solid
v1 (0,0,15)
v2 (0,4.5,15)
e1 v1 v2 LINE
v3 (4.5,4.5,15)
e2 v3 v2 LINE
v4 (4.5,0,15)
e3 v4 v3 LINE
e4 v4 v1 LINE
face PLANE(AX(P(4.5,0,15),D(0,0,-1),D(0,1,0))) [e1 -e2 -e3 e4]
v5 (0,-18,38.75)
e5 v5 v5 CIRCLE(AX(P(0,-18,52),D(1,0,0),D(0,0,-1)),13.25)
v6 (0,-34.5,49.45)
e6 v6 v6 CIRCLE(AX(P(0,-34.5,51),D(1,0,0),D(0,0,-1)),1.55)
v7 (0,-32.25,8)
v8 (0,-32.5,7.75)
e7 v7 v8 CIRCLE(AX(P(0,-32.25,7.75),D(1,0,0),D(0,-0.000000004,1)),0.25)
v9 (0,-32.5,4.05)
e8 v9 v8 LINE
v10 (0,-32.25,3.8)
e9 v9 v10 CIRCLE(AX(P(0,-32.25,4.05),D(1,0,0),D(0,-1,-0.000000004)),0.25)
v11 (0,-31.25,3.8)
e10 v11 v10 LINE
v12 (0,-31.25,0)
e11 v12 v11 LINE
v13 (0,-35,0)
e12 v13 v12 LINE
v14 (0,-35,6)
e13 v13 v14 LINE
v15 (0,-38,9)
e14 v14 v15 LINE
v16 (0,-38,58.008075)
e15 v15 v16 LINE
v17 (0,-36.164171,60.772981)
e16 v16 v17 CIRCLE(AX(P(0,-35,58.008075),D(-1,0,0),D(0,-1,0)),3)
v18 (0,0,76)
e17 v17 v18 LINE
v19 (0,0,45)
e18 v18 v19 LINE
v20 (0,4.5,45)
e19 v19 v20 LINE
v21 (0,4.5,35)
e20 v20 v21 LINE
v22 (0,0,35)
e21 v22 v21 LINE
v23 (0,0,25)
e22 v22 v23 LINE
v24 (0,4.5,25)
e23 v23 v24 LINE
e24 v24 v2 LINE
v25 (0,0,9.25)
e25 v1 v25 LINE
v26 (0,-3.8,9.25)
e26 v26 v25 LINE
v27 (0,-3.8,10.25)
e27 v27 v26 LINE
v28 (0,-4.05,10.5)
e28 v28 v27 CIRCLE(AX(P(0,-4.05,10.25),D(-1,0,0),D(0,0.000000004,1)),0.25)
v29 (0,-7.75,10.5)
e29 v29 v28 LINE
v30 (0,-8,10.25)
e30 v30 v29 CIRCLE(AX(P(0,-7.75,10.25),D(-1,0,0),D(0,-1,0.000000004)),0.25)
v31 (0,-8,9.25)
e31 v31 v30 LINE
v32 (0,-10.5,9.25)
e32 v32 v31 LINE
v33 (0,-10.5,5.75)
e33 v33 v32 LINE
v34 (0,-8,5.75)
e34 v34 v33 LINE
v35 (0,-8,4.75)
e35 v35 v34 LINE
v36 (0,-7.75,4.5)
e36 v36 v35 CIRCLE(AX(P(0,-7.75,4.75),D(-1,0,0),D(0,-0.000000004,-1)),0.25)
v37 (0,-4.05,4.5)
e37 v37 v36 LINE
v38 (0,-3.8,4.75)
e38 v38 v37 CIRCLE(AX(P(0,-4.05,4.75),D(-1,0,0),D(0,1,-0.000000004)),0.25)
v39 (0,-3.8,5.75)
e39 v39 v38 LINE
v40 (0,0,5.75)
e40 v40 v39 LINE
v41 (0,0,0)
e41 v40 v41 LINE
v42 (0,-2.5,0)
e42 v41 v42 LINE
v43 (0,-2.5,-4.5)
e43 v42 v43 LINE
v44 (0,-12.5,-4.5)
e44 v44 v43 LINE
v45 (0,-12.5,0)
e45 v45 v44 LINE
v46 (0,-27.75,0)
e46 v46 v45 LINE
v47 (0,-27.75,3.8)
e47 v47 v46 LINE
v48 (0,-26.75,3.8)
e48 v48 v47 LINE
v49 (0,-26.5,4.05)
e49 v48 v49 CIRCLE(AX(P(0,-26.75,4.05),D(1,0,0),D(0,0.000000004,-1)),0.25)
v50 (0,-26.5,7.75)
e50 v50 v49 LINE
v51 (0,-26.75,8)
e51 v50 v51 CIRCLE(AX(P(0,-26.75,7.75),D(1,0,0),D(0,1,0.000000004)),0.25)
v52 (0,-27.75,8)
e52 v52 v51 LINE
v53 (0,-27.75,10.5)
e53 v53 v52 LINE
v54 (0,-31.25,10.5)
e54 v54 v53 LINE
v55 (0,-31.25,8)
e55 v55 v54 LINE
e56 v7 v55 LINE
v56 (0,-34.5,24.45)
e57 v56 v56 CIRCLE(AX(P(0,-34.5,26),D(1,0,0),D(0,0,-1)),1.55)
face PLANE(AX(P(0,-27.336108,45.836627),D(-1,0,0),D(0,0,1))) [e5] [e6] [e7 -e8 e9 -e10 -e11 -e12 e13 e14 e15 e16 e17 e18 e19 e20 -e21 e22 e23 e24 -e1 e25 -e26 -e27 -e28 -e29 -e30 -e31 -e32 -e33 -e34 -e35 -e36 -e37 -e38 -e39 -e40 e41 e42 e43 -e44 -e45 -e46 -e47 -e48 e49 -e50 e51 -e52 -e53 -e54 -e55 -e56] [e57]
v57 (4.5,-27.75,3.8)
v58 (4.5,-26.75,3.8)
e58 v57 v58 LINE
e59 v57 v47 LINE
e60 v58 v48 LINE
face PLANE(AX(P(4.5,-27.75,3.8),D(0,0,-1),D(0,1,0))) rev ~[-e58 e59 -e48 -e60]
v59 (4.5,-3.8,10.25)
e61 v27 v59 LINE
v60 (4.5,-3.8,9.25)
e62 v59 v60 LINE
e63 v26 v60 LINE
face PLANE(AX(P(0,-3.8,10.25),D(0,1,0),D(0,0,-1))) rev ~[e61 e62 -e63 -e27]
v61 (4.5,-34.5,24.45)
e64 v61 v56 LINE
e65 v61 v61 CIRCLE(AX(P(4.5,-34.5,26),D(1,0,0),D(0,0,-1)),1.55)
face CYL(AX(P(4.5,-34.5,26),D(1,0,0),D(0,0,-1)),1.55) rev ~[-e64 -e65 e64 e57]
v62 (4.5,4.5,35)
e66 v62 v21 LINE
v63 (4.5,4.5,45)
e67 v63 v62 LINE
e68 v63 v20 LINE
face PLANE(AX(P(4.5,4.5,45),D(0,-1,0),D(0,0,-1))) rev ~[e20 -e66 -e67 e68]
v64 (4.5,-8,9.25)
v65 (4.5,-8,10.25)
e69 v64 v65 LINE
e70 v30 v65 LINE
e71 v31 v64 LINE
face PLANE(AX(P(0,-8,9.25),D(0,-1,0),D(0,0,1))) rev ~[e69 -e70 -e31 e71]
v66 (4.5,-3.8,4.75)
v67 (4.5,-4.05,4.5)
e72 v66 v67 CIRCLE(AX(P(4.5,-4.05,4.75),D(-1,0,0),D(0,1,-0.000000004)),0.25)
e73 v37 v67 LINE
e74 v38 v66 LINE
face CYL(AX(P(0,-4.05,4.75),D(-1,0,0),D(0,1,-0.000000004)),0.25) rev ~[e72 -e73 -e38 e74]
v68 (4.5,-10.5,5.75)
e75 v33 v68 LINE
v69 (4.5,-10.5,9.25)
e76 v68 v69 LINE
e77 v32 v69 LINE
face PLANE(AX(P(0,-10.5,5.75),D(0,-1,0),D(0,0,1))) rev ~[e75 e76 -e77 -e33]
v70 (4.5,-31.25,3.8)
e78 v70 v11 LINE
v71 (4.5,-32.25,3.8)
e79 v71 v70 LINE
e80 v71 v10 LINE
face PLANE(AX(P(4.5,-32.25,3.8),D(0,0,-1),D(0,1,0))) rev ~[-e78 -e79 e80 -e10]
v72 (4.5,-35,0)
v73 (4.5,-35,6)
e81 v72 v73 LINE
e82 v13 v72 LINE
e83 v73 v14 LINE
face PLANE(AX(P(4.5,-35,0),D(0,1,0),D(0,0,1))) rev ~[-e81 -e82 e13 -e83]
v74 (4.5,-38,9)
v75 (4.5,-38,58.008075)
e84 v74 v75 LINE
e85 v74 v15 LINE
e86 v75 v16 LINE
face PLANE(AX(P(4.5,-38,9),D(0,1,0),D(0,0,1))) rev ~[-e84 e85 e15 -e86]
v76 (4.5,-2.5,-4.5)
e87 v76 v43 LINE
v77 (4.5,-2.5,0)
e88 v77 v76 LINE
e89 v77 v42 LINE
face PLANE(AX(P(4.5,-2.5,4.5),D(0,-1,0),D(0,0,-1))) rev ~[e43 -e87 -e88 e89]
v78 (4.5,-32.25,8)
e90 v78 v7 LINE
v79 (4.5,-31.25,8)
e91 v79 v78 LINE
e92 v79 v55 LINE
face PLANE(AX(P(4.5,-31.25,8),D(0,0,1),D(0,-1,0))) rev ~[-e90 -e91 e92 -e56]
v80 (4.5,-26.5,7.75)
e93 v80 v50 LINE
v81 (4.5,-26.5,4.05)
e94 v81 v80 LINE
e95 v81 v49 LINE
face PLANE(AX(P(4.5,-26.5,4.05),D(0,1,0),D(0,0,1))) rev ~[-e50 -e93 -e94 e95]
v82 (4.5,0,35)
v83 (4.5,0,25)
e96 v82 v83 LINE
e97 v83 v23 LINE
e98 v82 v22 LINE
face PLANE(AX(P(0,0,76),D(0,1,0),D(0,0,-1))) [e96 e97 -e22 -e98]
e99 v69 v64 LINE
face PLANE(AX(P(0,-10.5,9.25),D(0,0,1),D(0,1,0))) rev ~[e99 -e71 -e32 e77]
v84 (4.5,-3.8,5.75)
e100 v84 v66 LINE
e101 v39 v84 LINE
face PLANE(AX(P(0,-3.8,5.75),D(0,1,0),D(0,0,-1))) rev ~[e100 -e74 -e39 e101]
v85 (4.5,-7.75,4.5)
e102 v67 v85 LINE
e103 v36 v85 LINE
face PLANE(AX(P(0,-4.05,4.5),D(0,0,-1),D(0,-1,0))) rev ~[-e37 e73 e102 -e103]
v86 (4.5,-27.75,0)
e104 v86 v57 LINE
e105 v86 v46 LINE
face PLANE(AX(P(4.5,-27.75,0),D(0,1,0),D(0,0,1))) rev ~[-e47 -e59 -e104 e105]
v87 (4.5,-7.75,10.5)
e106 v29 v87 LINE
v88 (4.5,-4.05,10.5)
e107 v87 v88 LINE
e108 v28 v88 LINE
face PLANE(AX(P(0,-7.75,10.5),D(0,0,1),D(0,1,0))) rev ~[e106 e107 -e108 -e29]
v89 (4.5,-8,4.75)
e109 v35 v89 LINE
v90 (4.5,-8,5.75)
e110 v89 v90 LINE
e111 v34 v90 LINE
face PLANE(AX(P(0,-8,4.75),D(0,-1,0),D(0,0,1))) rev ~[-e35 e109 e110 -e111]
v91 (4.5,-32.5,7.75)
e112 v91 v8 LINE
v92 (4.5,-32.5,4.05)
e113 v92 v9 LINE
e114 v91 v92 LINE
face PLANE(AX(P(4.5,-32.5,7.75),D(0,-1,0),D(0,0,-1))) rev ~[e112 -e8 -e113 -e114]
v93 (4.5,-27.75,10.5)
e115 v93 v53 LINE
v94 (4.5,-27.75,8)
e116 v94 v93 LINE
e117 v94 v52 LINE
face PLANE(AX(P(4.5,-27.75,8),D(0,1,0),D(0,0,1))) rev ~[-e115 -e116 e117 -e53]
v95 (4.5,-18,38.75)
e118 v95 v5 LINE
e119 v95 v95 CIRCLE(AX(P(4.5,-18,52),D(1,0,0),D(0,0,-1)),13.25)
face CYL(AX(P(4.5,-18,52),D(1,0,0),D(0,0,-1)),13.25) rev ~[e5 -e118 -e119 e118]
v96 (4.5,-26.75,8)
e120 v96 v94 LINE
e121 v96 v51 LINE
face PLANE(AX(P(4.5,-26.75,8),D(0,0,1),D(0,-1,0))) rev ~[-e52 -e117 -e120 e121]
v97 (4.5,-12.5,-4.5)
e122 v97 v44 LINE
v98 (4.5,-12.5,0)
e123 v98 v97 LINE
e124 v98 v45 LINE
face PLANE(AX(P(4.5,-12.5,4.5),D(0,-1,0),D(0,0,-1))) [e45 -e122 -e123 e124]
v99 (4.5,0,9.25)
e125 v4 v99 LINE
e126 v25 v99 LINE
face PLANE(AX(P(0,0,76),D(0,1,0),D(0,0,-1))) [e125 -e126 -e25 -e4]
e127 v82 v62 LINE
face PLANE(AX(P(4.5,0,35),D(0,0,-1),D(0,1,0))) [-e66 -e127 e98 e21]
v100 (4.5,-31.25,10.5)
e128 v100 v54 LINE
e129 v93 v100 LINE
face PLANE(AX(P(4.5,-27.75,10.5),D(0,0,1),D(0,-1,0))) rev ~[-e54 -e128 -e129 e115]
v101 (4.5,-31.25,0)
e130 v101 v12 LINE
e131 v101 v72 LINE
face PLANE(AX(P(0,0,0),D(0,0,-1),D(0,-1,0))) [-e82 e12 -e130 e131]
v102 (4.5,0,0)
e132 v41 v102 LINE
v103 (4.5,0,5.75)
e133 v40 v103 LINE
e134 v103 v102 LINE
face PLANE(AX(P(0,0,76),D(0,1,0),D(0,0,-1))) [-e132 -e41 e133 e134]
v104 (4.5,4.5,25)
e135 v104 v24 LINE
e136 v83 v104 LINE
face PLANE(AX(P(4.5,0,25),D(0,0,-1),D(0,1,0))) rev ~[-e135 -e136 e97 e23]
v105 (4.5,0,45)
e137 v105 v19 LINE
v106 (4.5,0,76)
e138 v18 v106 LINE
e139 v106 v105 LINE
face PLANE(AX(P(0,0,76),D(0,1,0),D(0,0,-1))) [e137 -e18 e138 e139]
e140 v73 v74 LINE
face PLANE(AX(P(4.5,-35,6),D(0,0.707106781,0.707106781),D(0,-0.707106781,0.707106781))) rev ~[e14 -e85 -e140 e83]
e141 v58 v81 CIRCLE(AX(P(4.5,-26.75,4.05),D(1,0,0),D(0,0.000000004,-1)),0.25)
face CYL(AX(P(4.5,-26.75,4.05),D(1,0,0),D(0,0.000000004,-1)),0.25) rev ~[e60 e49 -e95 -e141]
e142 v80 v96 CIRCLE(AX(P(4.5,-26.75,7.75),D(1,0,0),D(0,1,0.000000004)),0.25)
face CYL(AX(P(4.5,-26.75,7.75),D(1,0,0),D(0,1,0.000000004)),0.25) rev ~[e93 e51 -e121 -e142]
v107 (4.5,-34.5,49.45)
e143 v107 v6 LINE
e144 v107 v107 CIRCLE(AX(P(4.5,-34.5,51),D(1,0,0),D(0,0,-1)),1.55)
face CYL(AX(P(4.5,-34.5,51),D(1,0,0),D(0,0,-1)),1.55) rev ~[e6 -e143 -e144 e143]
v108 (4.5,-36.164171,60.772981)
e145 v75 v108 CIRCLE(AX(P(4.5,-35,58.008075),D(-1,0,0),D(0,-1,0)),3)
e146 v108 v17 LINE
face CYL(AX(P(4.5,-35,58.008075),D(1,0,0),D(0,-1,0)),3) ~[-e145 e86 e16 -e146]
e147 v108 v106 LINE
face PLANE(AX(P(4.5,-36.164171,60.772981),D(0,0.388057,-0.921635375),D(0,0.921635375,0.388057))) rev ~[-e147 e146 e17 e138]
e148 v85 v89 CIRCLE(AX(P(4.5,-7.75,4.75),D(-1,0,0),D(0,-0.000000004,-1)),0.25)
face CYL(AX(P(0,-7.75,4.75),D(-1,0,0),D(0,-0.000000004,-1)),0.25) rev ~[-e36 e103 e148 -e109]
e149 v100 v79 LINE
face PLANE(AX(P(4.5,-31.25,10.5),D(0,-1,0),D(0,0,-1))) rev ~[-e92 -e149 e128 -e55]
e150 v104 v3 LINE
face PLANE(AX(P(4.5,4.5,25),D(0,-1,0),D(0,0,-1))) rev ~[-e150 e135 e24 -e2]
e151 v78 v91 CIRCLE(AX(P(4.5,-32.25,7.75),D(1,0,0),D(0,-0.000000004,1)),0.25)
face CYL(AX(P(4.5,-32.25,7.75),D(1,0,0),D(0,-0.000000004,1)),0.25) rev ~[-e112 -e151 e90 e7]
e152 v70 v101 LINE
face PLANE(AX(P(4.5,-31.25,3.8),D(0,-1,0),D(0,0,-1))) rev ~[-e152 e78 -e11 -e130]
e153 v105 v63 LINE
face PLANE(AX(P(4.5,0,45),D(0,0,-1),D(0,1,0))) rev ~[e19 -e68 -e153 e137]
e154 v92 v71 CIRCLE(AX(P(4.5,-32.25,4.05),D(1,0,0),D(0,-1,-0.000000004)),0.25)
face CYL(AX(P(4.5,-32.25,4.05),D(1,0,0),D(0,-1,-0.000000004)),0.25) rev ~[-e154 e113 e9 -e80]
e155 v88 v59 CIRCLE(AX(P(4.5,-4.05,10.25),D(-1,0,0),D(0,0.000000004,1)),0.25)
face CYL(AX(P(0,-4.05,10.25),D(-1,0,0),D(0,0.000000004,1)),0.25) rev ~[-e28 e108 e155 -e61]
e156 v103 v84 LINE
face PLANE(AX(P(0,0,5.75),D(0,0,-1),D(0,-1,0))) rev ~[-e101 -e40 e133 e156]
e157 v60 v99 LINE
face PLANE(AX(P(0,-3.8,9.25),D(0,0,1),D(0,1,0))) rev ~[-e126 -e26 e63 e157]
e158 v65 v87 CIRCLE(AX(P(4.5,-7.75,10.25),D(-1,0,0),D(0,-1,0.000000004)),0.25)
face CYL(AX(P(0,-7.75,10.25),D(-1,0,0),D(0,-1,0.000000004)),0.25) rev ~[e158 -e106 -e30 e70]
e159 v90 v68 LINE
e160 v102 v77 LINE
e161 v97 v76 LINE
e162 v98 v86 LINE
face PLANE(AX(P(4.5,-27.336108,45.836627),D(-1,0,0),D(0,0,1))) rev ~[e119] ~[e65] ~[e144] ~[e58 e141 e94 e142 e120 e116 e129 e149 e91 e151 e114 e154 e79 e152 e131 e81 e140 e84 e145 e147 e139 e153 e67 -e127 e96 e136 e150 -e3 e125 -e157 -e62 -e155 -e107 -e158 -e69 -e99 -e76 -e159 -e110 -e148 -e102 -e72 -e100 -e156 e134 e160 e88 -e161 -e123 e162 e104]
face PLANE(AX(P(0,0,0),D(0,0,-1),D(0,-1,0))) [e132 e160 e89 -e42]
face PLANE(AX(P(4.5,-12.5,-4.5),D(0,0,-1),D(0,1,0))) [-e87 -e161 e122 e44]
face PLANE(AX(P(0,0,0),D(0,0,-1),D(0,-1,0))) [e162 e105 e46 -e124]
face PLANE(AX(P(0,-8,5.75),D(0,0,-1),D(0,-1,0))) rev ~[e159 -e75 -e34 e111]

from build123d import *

# Parameters (mm, degrees)
BOSS_EXTRUDE1_DEPTH  = 4.5
SKETCH2_W            = 9
SKETCH2_H            = 10
BOSS_EXTRUDE2_DEPTH  = 4.5
BOSS_EXTRUDE3_DEPTH  = 4.5
CUT_EXTRUDE1_DEPTH   = 84.792899461
SKETCH5_W            = 10
SKETCH5_H            = 4.5
BOSS_EXTRUDE4_DEPTH  = 4.5
CUT_EXTRUDE4_DEPTH   = 84.792899461
BOSS_EXTRUDE11_DEPTH = 4.5
SKETCH21_R           = 1.55
CUT_EXTRUDE8_DEPTH   = 86.089658596
SKETCH22_R           = 13.25
CUT_EXTRUDE9_DEPTH   = 86.089658596


with BuildPart() as part:
    # Sketch1 → Boss-Extrude1 (new body)
    with BuildSketch(Plane(origin=(0, 0, 0), x_dir=(0, 0, -1), z_dir=(1, 0, 0))):
        Polygon((0, 0), (0, -35), (-76, 0), align=None)
    extrude(amount=BOSS_EXTRUDE1_DEPTH)

    # Sketch2 → Boss-Extrude2 (add, through all)
    with BuildSketch(Plane(origin=(4.5, 0, 0), x_dir=(0, 0, -1), z_dir=(1, 0, 0))):
        with Locations((0, -7.5)):
            Rectangle(SKETCH2_W, SKETCH2_H)
    extrude(amount=-BOSS_EXTRUDE2_DEPTH)

    # Sketch3 → Boss-Extrude3 (add, through all)
    with BuildSketch(Plane(origin=(4.5, 0, 0), x_dir=(0, 0, -1), z_dir=(1, 0, 0))):
        Polygon((0, -35), (-40, -35), (-76, 0), (0, -25), align=None)
    extrude(amount=-BOSS_EXTRUDE3_DEPTH)

    # Sketch4 → Cut-Extrude1 (cut, through all)
    with BuildSketch(Plane(origin=(4.5, 0, 0), x_dir=(0, 0, -1), z_dir=(1, 0, 0))):
        with BuildLine():
            Line((0, -31.25), (0, -27.75))
            Line((0, -27.75), (-3.8, -27.75))
            Line((-3.8, -27.75), (-3.8, -26.75))
            ThreePointArc((-3.8, -26.75), (-3.873223305, -26.573223305), (-4.05, -26.5))
            Line((-4.05, -26.5), (-7.75, -26.5))
            ThreePointArc((-7.75, -26.5), (-7.926776695, -26.573223305), (-8, -26.75))
            Line((-8, -26.75), (-8, -27.75))
            Line((-8, -27.75), (-10.5, -27.75))
            Line((-10.5, -27.75), (-10.5, -31.25))
            Line((-10.5, -31.25), (-8, -31.25))
            Line((-8, -31.25), (-8, -32.25))
            ThreePointArc((-8, -32.25), (-7.926776695, -32.426776695), (-7.75, -32.5))
            Line((-7.75, -32.5), (-4.05, -32.5))
            ThreePointArc((-4.05, -32.5), (-3.873223305, -32.426776695), (-3.8, -32.25))
            Line((-3.8, -32.25), (-3.8, -31.25))
            Line((-3.8, -31.25), (0, -31.25))
        make_face()
    extrude(amount=-CUT_EXTRUDE1_DEPTH, mode=Mode.SUBTRACT)

    # Sketch5 → Boss-Extrude4 (add, through all)
    with BuildSketch(Plane(origin=(4.5, 0, 0), x_dir=(0, 0, -1), z_dir=(1, 0, 0))):
        with Locations((-20, 2.25)):
            Rectangle(SKETCH5_W, SKETCH5_H)
        with Locations((-40, 2.25)):
            Rectangle(SKETCH5_W, SKETCH5_H)
    extrude(amount=-BOSS_EXTRUDE4_DEPTH)

    # Sketch11 → Cut-Extrude4 (cut, through all)
    with BuildSketch(Plane.ZY):
        with BuildLine():
            Line((5.75, -10.5), (9.25, -10.5))
            Line((9.25, -10.5), (9.25, -8))
            Line((9.25, -8), (10.25, -8))
            ThreePointArc((10.25, -8), (10.426776695, -7.926776695), (10.5, -7.75))
            Line((10.5, -7.75), (10.5, -4.05))
            ThreePointArc((10.5, -4.05), (10.426776695, -3.873223305), (10.25, -3.8))
            Line((10.25, -3.8), (9.25, -3.8))
            Line((9.25, -3.8), (9.25, 0))
            Line((9.25, 0), (5.75, 0))
            Line((5.75, 0), (5.75, -3.8))
            Line((5.75, -3.8), (4.75, -3.8))
            ThreePointArc((4.75, -3.8), (4.573223305, -3.873223305), (4.5, -4.05))
            Line((4.5, -4.05), (4.5, -7.75))
            ThreePointArc((4.5, -7.75), (4.573223305, -7.926776695), (4.75, -8))
            Line((4.75, -8), (5.75, -8))
            Line((5.75, -8), (5.75, -10.5))
        make_face()
    extrude(amount=-CUT_EXTRUDE4_DEPTH, mode=Mode.SUBTRACT)

    # Sketch20 → Boss-Extrude11 (add, through all)
    with BuildSketch(Plane(origin=(4.5, 0, 0), x_dir=(0, 0, -1), z_dir=(1, 0, 0))):
        with BuildLine():
            Line((-9, -38), (-58.008074506, -38))
            ThreePointArc((-58.008074506, -38), (-59.667515225, -37.499251188), (-60.772980632, -36.164171))
            Line((-60.772980632, -36.164171), (-76, 0))
            Line((-76, 0), (-40, -35))
            Line((-40, -35), (-6, -35))
            Line((-6, -35), (-9, -38))
        make_face()
    extrude(amount=-BOSS_EXTRUDE11_DEPTH)

    # Sketch21 → Cut-Extrude8 (cut, through all)
    with BuildSketch(Plane(origin=(4.5, 0, 0), x_dir=(0, 0, -1), z_dir=(1, 0, 0))):
        with Locations((-51, -34.5)):
            Circle(SKETCH21_R)
        with Locations((-26, -34.5)):
            Circle(SKETCH21_R)
    extrude(amount=-CUT_EXTRUDE8_DEPTH, mode=Mode.SUBTRACT)

    # Sketch22 → Cut-Extrude9 (cut, through all)
    with BuildSketch(Plane(origin=(4.5, 0, 0), x_dir=(0, 0, -1), z_dir=(1, 0, 0))):
        with Locations((-52, -18)):
            Circle(SKETCH22_R)
    extrude(amount=-CUT_EXTRUDE9_DEPTH, mode=Mode.SUBTRACT)


solid = part.part
